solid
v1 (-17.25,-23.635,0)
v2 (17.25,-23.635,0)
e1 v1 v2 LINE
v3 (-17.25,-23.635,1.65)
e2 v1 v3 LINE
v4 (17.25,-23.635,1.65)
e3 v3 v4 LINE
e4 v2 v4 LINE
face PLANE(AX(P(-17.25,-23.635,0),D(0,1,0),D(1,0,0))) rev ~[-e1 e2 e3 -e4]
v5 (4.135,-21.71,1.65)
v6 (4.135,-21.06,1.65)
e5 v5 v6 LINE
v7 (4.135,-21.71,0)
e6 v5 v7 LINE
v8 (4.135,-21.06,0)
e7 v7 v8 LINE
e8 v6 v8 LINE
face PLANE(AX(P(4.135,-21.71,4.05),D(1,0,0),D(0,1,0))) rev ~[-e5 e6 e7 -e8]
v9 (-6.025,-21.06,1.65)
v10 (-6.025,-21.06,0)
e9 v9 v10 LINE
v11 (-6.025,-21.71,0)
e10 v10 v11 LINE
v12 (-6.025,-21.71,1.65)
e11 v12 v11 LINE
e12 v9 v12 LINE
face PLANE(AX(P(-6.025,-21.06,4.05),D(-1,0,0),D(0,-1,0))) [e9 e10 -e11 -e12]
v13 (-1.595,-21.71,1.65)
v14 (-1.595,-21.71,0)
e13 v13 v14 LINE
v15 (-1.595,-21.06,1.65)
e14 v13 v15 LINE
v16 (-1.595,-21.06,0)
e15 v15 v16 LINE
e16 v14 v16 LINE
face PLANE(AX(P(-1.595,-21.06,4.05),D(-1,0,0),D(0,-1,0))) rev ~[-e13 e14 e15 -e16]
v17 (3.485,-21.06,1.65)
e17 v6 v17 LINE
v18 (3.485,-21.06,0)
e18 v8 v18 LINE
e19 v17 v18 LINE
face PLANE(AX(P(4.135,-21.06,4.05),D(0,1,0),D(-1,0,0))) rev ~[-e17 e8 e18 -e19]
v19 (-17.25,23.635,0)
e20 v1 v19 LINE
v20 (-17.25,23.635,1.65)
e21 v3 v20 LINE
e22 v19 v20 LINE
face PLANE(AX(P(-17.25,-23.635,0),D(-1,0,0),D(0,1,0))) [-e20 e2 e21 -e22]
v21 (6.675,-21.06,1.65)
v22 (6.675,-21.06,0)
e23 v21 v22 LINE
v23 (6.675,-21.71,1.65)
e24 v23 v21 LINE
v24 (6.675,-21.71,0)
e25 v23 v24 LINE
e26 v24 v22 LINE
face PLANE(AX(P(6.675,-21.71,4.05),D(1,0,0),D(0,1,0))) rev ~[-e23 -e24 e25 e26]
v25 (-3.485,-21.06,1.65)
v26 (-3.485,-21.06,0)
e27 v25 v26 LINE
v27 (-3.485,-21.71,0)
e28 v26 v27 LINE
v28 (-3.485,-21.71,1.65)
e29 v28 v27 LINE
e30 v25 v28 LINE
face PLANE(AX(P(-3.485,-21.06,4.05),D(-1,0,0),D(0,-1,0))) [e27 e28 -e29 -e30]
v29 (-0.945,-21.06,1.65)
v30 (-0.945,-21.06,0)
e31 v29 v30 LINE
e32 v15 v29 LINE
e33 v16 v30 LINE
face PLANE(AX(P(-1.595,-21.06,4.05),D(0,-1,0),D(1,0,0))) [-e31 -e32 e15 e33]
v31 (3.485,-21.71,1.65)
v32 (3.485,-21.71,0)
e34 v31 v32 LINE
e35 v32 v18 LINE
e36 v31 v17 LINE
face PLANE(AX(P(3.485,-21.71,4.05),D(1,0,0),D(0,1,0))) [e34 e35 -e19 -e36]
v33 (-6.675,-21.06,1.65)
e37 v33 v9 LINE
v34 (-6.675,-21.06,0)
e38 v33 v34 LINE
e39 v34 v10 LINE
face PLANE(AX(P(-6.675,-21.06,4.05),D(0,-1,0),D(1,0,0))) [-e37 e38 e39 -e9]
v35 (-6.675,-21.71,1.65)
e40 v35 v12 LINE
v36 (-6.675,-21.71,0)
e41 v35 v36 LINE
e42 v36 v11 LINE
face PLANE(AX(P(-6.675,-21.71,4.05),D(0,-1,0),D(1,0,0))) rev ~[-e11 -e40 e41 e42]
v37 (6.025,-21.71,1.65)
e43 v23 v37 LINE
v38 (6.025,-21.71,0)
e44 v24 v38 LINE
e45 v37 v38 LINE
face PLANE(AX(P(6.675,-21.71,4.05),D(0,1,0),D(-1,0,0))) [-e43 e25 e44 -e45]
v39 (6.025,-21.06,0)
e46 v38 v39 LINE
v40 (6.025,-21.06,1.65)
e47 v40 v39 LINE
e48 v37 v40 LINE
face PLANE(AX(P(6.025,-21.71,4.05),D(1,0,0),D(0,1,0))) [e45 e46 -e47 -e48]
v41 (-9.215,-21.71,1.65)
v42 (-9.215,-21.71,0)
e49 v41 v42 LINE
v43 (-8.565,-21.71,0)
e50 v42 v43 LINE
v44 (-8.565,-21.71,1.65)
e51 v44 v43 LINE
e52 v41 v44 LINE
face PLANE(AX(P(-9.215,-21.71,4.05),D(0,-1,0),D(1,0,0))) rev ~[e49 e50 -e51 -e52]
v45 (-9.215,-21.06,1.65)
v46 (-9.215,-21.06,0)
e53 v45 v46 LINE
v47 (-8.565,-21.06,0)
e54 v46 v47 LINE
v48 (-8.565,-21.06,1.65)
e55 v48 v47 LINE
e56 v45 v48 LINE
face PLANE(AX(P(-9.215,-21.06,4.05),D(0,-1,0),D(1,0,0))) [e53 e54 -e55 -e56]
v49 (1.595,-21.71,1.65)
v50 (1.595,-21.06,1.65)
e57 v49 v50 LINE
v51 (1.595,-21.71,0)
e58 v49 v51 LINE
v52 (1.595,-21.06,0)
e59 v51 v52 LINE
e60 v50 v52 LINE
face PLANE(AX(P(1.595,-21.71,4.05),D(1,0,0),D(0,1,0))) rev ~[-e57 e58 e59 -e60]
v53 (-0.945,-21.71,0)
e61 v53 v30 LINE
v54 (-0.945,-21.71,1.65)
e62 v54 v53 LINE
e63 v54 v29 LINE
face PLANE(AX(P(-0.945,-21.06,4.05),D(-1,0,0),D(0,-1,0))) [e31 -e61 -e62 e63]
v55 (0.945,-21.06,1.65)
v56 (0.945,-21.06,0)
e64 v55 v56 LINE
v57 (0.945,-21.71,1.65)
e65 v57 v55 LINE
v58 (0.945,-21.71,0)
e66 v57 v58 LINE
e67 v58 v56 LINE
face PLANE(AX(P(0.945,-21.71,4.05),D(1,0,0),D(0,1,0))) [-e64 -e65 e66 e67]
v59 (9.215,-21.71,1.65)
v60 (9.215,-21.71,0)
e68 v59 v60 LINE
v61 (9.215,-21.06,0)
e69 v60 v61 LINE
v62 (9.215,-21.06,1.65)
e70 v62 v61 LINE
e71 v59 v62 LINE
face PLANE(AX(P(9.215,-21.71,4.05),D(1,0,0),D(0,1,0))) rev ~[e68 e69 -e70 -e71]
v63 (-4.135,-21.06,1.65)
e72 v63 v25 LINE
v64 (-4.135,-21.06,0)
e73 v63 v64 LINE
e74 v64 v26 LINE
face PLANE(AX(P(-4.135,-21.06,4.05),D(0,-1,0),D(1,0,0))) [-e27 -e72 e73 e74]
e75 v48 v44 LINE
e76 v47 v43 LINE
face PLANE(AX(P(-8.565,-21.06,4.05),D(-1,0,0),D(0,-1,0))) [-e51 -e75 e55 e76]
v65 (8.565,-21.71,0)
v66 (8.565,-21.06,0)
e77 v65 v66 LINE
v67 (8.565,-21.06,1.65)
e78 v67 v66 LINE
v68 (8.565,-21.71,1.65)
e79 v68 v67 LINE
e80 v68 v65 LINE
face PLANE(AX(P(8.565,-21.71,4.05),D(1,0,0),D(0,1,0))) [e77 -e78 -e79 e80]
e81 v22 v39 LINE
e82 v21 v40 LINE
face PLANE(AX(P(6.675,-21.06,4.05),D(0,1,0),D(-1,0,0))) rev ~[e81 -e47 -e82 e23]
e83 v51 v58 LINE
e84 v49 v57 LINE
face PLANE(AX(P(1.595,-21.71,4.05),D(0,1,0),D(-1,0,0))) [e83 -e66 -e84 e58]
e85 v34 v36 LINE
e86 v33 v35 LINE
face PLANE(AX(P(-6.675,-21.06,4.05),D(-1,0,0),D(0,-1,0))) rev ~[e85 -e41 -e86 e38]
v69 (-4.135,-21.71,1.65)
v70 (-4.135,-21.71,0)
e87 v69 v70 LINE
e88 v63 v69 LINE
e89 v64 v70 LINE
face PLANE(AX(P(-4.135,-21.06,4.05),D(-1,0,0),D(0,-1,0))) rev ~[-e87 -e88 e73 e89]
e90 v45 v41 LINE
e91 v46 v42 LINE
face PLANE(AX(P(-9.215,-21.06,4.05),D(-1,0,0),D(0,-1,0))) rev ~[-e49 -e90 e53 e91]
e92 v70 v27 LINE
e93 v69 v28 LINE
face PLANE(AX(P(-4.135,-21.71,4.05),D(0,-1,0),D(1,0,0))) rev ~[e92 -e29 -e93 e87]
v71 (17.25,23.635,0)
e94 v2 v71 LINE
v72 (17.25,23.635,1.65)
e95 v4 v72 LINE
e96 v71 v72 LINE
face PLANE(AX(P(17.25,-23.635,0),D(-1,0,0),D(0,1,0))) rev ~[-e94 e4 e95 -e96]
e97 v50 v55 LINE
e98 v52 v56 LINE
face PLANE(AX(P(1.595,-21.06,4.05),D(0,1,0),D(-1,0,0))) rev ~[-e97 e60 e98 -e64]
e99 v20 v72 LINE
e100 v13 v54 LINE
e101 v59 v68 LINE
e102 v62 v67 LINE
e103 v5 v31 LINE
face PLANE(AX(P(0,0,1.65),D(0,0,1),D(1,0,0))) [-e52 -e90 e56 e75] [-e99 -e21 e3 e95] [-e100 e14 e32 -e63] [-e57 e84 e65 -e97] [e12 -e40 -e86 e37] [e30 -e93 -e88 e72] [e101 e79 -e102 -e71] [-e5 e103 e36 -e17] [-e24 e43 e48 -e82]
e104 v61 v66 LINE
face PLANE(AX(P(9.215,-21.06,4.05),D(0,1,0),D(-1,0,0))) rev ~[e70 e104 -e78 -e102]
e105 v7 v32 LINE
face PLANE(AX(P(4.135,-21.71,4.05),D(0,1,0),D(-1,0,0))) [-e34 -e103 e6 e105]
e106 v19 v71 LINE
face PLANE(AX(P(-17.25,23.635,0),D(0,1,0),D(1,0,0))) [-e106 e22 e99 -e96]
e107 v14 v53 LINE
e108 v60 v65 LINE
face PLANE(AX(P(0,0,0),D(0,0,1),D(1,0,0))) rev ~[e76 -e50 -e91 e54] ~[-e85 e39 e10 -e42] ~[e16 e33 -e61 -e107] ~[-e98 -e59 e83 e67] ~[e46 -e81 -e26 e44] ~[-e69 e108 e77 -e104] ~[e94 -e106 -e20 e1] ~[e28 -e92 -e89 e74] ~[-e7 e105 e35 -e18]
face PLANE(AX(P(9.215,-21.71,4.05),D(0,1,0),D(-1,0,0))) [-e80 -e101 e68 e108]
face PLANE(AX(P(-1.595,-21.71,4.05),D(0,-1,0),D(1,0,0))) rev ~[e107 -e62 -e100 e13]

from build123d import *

# Parameters (mm, degrees)
SKETCH1_W               = 34.5
SKETCH1_H               = 47.27
BOSS_EXTRUDE1_DEPTH     = 1.65
BOSS_EXTRUDE2_START     = -3.05
SKETCH2_W               = 0.65
SKETCH2_H               = 0.65
BOSS_EXTRUDE2_DEPTH     = 11.55
CUT_EXTRUDE1_START      = -4.05
SKETCH2_2_W             = 0.65
SKETCH2_2_H             = 0.65
CUT_EXTRUDE1_DEPTH      = 13.55
LPATTERN1_COUNT         = 4
LPATTERN1_PITCH         = 2.54
MIRROR1_START           = -4.05
MIRROR1_COPY_1_SKETCH_W = 0.65
MIRROR1_COPY_1_SKETCH_H = 0.65
MIRROR1_COPY_1_DEPTH    = 13.55
MIRROR1_COPY_2_SKETCH_W = 0.65
MIRROR1_COPY_2_SKETCH_H = 0.65
MIRROR1_COPY_2_DEPTH    = 13.55
MIRROR1_COPY_3_SKETCH_W = 0.65
MIRROR1_COPY_3_SKETCH_H = 0.65
MIRROR1_COPY_3_DEPTH    = 13.55
MIRROR1_COPY_4_SKETCH_W = 0.65
MIRROR1_COPY_4_SKETCH_H = 0.65
MIRROR1_COPY_4_DEPTH    = 13.55


with BuildPart() as part:
    # Sketch1 → Boss-Extrude1 (new body)
    with BuildSketch(Plane.XY):
        Rectangle(SKETCH1_W, SKETCH1_H)
    extrude(amount=BOSS_EXTRUDE1_DEPTH)

    # Sketch2 → Boss-Extrude2 (add)
    with BuildSketch(Plane(origin=(0, 0, 0), x_dir=(-1, 0, 0), z_dir=(0, 0, -1)).offset(BOSS_EXTRUDE2_START)):
        with Locations((-1.27, -21.385)):
            Rectangle(SKETCH2_W, SKETCH2_H)
    boss_extrude2 = extrude(amount=BOSS_EXTRUDE2_DEPTH)

    # Sketch2<2> → Cut-Extrude1 (cut)
    with BuildSketch(Plane(origin=(0, 0, 0), x_dir=(-1, 0, 0), z_dir=(0, 0, -1)).offset(CUT_EXTRUDE1_START)):
        with Locations((-1.27, -21.385)):
            Rectangle(SKETCH2_2_W, SKETCH2_2_H)
    cut_extrude1 = extrude(amount=CUT_EXTRUDE1_DEPTH, mode=Mode.SUBTRACT)

    # LPattern1: Cut-Extrude1 ×4
    with Locations(*[(i * LPATTERN1_PITCH, 0, 0) for i in range(1, LPATTERN1_COUNT)]):
        add(cut_extrude1, mode=Mode.SUBTRACT)

    # Mirror1: Boss-Extrude2 across plane
    add(boss_extrude2.mirror(Plane(origin=(0, 0, 0), x_dir=(0, 0, 1), z_dir=(1, 0, 0))))

    # Mirror1 copy 1 sketch → Mirror1 copy 1 (cut)
    with BuildSketch(Plane(origin=(-2.54, 0, 0), x_dir=(1, 0, 0), z_dir=(0, 0, -1)).offset(MIRROR1_START)):
        with Locations((-1.27, 21.385)):
            Rectangle(MIRROR1_COPY_1_SKETCH_W, MIRROR1_COPY_1_SKETCH_H)
    extrude(amount=MIRROR1_COPY_1_DEPTH, mode=Mode.SUBTRACT)

    # Mirror1 copy 2 sketch → Mirror1 copy 2 (cut)
    with BuildSketch(Plane(origin=(-5.08, 0, 0), x_dir=(1, 0, 0), z_dir=(0, 0, -1)).offset(MIRROR1_START)):
        with Locations((-1.27, 21.385)):
            Rectangle(MIRROR1_COPY_2_SKETCH_W, MIRROR1_COPY_2_SKETCH_H)
    extrude(amount=MIRROR1_COPY_2_DEPTH, mode=Mode.SUBTRACT)

    # Mirror1 copy 3 sketch → Mirror1 copy 3 (cut)
    with BuildSketch(Plane(origin=(-7.62, 0, 0), x_dir=(1, 0, 0), z_dir=(0, 0, -1)).offset(MIRROR1_START)):
        with Locations((-1.27, 21.385)):
            Rectangle(MIRROR1_COPY_3_SKETCH_W, MIRROR1_COPY_3_SKETCH_H)
    extrude(amount=MIRROR1_COPY_3_DEPTH, mode=Mode.SUBTRACT)

    # Mirror1 copy 4 sketch → Mirror1 copy 4 (cut)
    with BuildSketch(Plane(origin=(0, 0, 0), x_dir=(1, 0, 0), z_dir=(0, 0, -1)).offset(MIRROR1_START)):
        with Locations((-1.27, 21.385)):
            Rectangle(MIRROR1_COPY_4_SKETCH_W, MIRROR1_COPY_4_SKETCH_H)
    extrude(amount=MIRROR1_COPY_4_DEPTH, mode=Mode.SUBTRACT)


solid = part.part
